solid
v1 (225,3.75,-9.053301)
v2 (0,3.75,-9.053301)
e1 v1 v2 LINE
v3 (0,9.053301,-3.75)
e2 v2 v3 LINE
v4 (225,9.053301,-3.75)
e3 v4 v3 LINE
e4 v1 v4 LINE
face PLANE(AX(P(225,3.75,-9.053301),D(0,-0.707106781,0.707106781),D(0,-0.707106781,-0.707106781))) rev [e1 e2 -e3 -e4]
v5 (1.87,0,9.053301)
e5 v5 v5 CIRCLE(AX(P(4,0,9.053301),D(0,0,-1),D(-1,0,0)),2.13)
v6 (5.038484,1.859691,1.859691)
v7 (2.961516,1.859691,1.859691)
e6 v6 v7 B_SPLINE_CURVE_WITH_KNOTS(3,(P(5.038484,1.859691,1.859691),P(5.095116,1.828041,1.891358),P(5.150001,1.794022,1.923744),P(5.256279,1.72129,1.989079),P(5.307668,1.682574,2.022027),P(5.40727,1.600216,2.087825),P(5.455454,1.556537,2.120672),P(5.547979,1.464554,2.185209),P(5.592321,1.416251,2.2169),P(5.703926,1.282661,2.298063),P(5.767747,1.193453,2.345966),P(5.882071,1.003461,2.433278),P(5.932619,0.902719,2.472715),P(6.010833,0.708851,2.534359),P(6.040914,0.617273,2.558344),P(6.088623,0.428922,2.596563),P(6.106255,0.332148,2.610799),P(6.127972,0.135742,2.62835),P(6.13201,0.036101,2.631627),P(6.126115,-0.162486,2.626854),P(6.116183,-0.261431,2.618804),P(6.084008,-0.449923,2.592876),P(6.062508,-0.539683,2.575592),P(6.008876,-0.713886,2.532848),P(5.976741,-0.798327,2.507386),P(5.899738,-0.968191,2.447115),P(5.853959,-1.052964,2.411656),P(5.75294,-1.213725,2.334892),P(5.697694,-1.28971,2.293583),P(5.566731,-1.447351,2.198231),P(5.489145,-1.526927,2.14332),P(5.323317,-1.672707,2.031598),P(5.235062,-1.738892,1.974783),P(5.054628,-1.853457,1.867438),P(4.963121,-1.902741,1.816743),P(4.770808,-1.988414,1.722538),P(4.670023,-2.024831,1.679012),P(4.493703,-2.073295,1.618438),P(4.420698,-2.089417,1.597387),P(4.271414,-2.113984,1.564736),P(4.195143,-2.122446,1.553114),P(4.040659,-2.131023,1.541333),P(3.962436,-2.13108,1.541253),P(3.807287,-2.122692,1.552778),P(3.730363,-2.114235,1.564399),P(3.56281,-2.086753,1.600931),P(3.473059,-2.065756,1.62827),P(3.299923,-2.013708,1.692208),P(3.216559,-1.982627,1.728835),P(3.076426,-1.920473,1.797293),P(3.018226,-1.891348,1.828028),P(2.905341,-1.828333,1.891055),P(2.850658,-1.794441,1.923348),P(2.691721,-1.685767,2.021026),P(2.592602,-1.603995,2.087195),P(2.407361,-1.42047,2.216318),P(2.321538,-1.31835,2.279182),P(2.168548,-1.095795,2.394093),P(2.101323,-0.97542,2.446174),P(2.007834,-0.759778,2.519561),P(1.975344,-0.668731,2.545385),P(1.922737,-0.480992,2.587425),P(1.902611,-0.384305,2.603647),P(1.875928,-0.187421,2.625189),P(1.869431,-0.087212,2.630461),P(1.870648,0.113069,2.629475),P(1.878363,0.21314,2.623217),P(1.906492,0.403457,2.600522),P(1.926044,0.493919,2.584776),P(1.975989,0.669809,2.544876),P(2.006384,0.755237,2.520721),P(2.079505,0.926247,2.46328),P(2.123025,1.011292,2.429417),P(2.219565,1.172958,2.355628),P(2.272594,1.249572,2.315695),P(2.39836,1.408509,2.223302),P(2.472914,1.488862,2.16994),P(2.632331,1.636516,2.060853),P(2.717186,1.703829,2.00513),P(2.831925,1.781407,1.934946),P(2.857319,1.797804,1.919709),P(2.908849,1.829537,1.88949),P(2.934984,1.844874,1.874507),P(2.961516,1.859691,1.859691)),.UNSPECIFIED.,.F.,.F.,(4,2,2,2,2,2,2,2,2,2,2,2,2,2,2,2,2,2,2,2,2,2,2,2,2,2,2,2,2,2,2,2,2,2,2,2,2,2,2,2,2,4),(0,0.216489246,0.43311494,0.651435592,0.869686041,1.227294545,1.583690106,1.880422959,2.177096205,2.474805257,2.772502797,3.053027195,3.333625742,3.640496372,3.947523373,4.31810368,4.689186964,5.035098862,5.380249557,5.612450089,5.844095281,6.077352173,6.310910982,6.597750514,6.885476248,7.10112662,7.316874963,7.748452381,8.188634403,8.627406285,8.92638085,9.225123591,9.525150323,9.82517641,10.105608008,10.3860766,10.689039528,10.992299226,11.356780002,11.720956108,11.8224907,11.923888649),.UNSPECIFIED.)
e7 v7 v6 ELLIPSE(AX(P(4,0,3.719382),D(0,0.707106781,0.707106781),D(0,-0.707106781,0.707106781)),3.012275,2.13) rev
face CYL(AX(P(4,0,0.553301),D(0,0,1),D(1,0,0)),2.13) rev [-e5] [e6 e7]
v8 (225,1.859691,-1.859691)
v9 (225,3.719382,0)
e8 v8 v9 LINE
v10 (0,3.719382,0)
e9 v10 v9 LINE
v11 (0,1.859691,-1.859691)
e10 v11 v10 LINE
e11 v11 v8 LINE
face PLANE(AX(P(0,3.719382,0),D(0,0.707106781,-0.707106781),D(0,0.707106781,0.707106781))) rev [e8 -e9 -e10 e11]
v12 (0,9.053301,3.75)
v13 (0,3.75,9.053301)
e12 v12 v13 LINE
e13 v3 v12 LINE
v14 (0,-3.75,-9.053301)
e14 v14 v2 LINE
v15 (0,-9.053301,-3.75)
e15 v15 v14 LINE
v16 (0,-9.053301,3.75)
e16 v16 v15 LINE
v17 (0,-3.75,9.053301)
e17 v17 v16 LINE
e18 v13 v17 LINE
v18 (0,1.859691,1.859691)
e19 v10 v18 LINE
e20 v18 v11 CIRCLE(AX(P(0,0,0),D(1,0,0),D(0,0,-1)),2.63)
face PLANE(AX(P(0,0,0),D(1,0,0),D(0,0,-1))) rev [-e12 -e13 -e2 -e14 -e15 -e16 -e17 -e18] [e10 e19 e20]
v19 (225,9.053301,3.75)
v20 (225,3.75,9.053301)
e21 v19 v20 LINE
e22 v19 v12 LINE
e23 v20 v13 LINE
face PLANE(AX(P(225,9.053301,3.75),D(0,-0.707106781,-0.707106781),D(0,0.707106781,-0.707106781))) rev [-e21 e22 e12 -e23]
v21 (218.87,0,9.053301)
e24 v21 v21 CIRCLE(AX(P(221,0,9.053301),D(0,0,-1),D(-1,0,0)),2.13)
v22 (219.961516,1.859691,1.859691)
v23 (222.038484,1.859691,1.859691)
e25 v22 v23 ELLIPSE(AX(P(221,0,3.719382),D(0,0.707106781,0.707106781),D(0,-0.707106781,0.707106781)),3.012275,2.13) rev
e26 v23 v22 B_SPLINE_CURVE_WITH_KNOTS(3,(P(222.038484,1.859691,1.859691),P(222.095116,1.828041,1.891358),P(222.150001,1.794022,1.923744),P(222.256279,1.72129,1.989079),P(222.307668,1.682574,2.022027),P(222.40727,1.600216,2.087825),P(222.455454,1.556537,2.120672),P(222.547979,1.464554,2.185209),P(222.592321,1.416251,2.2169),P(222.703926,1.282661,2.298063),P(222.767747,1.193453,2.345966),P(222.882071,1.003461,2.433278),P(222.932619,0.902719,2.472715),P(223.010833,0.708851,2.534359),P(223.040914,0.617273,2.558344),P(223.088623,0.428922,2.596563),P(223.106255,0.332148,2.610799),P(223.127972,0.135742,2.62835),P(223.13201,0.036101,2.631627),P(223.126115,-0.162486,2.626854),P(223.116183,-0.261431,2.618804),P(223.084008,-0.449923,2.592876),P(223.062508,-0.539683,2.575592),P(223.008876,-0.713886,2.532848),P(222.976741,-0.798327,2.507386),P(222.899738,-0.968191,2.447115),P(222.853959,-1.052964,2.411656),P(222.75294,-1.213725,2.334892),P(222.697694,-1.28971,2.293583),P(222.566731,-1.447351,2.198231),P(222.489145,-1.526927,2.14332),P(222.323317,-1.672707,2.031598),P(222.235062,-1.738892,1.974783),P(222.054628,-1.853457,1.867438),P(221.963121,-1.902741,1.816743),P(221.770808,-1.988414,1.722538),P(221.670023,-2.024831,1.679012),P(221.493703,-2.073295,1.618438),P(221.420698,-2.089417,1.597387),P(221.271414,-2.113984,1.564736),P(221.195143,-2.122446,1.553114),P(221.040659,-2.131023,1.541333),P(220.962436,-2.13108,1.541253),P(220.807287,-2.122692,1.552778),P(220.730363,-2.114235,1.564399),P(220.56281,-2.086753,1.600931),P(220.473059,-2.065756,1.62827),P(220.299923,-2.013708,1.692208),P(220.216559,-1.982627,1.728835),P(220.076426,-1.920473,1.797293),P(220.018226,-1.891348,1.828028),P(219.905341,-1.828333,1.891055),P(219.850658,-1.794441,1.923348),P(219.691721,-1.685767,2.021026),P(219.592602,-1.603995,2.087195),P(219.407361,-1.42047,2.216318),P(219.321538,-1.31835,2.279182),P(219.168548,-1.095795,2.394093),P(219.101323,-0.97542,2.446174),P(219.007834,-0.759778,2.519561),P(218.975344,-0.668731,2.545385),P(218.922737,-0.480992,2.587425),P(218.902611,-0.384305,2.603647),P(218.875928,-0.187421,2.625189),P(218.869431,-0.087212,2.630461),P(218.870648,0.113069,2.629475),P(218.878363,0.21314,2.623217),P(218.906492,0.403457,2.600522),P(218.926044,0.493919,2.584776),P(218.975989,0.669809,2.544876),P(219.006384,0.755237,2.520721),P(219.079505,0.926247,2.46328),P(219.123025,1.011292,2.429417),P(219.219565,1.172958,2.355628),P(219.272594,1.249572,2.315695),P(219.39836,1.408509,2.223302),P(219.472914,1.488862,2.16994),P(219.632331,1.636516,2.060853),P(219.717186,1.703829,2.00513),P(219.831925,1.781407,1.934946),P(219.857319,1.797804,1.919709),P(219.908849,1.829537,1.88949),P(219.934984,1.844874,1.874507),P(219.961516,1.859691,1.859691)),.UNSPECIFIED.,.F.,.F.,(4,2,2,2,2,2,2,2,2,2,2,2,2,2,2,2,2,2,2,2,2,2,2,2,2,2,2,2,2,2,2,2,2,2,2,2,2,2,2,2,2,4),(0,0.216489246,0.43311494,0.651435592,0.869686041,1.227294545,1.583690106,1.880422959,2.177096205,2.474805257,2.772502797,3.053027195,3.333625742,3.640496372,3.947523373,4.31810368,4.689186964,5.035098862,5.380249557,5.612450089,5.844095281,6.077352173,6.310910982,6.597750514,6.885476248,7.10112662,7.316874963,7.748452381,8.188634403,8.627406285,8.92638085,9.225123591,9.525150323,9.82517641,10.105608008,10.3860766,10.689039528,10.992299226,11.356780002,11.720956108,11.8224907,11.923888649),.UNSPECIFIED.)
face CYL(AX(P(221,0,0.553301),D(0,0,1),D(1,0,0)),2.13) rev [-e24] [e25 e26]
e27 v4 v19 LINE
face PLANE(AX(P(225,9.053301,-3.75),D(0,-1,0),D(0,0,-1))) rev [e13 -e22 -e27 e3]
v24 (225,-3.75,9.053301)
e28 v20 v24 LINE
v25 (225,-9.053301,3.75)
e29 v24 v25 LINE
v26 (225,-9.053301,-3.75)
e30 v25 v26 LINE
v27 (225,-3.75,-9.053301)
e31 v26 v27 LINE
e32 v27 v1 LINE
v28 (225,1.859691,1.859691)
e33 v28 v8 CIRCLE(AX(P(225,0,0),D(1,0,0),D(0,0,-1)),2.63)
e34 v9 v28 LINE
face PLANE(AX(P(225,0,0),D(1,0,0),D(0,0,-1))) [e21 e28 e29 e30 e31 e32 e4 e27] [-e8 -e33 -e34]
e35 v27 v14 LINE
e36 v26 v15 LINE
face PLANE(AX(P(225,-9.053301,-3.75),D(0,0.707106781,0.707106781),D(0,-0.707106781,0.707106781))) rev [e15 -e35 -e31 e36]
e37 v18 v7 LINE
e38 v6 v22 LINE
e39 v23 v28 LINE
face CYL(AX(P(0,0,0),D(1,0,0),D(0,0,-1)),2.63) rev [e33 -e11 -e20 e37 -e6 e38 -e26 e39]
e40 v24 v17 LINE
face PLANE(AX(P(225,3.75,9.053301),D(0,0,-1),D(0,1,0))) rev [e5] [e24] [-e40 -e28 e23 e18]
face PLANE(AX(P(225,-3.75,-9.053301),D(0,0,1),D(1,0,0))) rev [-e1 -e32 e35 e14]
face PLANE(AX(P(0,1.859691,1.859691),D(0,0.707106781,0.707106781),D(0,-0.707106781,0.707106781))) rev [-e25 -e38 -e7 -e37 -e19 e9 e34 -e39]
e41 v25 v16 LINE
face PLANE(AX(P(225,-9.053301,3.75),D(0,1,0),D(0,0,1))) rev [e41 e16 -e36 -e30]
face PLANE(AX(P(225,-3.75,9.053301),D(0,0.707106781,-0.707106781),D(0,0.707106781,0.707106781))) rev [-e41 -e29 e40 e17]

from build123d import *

# Parameters (mm, degrees)
EXTRUDE_1_DEPTH     = 225
CUT_EXTRUDE_1_DEPTH = 226.363982288
SKETCH_4_R          = 2.13
CUT_EXTRUDE_2_DEPTH = 8.5


with BuildPart() as part:
    # 草图1 → 凸台-拉伸1 (new body)
    with BuildSketch(Plane(origin=(0, 0, 0), x_dir=(0, 0, -1), z_dir=(1, 0, 0))):
        Polygon((9.053300859, -3.75), (9.053300859, 3.75), (3.75, 9.053300859), (-3.75, 9.053300859), (-9.053300859, 3.75), (-9.053300859, -3.75), (-3.75, -9.053300859), (3.75, -9.053300859), align=None)
    extrude(amount=EXTRUDE_1_DEPTH)

    # 草图2 → 切除-拉伸1 (cut, through all)
    with BuildSketch(Plane(origin=(225, 0, 0), x_dir=(0, 0, -1), z_dir=(1, 0, 0))):
        with BuildLine():
            Line((-1.859690835, 1.859690835), (0, 3.719381669))
            Line((0, 3.719381669), (1.859690835, 1.859690835))
            ThreePointArc((1.859690835, 1.859690835), (0, -2.63), (-1.859690835, 1.859690835))
        make_face()
    extrude(amount=-CUT_EXTRUDE_1_DEPTH, mode=Mode.SUBTRACT)

    # 草图4 → 切除-拉伸2 (cut)
    with BuildSketch(Plane(origin=(0, 0, 9.053300859), x_dir=(1, 0, 0), z_dir=(0, 0, -1))):
        with Locations((4, 0)):
            Circle(SKETCH_4_R)
        with Locations((221, 0)):
            Circle(SKETCH_4_R)
    extrude(amount=CUT_EXTRUDE_2_DEPTH, mode=Mode.SUBTRACT)


solid = part.part
